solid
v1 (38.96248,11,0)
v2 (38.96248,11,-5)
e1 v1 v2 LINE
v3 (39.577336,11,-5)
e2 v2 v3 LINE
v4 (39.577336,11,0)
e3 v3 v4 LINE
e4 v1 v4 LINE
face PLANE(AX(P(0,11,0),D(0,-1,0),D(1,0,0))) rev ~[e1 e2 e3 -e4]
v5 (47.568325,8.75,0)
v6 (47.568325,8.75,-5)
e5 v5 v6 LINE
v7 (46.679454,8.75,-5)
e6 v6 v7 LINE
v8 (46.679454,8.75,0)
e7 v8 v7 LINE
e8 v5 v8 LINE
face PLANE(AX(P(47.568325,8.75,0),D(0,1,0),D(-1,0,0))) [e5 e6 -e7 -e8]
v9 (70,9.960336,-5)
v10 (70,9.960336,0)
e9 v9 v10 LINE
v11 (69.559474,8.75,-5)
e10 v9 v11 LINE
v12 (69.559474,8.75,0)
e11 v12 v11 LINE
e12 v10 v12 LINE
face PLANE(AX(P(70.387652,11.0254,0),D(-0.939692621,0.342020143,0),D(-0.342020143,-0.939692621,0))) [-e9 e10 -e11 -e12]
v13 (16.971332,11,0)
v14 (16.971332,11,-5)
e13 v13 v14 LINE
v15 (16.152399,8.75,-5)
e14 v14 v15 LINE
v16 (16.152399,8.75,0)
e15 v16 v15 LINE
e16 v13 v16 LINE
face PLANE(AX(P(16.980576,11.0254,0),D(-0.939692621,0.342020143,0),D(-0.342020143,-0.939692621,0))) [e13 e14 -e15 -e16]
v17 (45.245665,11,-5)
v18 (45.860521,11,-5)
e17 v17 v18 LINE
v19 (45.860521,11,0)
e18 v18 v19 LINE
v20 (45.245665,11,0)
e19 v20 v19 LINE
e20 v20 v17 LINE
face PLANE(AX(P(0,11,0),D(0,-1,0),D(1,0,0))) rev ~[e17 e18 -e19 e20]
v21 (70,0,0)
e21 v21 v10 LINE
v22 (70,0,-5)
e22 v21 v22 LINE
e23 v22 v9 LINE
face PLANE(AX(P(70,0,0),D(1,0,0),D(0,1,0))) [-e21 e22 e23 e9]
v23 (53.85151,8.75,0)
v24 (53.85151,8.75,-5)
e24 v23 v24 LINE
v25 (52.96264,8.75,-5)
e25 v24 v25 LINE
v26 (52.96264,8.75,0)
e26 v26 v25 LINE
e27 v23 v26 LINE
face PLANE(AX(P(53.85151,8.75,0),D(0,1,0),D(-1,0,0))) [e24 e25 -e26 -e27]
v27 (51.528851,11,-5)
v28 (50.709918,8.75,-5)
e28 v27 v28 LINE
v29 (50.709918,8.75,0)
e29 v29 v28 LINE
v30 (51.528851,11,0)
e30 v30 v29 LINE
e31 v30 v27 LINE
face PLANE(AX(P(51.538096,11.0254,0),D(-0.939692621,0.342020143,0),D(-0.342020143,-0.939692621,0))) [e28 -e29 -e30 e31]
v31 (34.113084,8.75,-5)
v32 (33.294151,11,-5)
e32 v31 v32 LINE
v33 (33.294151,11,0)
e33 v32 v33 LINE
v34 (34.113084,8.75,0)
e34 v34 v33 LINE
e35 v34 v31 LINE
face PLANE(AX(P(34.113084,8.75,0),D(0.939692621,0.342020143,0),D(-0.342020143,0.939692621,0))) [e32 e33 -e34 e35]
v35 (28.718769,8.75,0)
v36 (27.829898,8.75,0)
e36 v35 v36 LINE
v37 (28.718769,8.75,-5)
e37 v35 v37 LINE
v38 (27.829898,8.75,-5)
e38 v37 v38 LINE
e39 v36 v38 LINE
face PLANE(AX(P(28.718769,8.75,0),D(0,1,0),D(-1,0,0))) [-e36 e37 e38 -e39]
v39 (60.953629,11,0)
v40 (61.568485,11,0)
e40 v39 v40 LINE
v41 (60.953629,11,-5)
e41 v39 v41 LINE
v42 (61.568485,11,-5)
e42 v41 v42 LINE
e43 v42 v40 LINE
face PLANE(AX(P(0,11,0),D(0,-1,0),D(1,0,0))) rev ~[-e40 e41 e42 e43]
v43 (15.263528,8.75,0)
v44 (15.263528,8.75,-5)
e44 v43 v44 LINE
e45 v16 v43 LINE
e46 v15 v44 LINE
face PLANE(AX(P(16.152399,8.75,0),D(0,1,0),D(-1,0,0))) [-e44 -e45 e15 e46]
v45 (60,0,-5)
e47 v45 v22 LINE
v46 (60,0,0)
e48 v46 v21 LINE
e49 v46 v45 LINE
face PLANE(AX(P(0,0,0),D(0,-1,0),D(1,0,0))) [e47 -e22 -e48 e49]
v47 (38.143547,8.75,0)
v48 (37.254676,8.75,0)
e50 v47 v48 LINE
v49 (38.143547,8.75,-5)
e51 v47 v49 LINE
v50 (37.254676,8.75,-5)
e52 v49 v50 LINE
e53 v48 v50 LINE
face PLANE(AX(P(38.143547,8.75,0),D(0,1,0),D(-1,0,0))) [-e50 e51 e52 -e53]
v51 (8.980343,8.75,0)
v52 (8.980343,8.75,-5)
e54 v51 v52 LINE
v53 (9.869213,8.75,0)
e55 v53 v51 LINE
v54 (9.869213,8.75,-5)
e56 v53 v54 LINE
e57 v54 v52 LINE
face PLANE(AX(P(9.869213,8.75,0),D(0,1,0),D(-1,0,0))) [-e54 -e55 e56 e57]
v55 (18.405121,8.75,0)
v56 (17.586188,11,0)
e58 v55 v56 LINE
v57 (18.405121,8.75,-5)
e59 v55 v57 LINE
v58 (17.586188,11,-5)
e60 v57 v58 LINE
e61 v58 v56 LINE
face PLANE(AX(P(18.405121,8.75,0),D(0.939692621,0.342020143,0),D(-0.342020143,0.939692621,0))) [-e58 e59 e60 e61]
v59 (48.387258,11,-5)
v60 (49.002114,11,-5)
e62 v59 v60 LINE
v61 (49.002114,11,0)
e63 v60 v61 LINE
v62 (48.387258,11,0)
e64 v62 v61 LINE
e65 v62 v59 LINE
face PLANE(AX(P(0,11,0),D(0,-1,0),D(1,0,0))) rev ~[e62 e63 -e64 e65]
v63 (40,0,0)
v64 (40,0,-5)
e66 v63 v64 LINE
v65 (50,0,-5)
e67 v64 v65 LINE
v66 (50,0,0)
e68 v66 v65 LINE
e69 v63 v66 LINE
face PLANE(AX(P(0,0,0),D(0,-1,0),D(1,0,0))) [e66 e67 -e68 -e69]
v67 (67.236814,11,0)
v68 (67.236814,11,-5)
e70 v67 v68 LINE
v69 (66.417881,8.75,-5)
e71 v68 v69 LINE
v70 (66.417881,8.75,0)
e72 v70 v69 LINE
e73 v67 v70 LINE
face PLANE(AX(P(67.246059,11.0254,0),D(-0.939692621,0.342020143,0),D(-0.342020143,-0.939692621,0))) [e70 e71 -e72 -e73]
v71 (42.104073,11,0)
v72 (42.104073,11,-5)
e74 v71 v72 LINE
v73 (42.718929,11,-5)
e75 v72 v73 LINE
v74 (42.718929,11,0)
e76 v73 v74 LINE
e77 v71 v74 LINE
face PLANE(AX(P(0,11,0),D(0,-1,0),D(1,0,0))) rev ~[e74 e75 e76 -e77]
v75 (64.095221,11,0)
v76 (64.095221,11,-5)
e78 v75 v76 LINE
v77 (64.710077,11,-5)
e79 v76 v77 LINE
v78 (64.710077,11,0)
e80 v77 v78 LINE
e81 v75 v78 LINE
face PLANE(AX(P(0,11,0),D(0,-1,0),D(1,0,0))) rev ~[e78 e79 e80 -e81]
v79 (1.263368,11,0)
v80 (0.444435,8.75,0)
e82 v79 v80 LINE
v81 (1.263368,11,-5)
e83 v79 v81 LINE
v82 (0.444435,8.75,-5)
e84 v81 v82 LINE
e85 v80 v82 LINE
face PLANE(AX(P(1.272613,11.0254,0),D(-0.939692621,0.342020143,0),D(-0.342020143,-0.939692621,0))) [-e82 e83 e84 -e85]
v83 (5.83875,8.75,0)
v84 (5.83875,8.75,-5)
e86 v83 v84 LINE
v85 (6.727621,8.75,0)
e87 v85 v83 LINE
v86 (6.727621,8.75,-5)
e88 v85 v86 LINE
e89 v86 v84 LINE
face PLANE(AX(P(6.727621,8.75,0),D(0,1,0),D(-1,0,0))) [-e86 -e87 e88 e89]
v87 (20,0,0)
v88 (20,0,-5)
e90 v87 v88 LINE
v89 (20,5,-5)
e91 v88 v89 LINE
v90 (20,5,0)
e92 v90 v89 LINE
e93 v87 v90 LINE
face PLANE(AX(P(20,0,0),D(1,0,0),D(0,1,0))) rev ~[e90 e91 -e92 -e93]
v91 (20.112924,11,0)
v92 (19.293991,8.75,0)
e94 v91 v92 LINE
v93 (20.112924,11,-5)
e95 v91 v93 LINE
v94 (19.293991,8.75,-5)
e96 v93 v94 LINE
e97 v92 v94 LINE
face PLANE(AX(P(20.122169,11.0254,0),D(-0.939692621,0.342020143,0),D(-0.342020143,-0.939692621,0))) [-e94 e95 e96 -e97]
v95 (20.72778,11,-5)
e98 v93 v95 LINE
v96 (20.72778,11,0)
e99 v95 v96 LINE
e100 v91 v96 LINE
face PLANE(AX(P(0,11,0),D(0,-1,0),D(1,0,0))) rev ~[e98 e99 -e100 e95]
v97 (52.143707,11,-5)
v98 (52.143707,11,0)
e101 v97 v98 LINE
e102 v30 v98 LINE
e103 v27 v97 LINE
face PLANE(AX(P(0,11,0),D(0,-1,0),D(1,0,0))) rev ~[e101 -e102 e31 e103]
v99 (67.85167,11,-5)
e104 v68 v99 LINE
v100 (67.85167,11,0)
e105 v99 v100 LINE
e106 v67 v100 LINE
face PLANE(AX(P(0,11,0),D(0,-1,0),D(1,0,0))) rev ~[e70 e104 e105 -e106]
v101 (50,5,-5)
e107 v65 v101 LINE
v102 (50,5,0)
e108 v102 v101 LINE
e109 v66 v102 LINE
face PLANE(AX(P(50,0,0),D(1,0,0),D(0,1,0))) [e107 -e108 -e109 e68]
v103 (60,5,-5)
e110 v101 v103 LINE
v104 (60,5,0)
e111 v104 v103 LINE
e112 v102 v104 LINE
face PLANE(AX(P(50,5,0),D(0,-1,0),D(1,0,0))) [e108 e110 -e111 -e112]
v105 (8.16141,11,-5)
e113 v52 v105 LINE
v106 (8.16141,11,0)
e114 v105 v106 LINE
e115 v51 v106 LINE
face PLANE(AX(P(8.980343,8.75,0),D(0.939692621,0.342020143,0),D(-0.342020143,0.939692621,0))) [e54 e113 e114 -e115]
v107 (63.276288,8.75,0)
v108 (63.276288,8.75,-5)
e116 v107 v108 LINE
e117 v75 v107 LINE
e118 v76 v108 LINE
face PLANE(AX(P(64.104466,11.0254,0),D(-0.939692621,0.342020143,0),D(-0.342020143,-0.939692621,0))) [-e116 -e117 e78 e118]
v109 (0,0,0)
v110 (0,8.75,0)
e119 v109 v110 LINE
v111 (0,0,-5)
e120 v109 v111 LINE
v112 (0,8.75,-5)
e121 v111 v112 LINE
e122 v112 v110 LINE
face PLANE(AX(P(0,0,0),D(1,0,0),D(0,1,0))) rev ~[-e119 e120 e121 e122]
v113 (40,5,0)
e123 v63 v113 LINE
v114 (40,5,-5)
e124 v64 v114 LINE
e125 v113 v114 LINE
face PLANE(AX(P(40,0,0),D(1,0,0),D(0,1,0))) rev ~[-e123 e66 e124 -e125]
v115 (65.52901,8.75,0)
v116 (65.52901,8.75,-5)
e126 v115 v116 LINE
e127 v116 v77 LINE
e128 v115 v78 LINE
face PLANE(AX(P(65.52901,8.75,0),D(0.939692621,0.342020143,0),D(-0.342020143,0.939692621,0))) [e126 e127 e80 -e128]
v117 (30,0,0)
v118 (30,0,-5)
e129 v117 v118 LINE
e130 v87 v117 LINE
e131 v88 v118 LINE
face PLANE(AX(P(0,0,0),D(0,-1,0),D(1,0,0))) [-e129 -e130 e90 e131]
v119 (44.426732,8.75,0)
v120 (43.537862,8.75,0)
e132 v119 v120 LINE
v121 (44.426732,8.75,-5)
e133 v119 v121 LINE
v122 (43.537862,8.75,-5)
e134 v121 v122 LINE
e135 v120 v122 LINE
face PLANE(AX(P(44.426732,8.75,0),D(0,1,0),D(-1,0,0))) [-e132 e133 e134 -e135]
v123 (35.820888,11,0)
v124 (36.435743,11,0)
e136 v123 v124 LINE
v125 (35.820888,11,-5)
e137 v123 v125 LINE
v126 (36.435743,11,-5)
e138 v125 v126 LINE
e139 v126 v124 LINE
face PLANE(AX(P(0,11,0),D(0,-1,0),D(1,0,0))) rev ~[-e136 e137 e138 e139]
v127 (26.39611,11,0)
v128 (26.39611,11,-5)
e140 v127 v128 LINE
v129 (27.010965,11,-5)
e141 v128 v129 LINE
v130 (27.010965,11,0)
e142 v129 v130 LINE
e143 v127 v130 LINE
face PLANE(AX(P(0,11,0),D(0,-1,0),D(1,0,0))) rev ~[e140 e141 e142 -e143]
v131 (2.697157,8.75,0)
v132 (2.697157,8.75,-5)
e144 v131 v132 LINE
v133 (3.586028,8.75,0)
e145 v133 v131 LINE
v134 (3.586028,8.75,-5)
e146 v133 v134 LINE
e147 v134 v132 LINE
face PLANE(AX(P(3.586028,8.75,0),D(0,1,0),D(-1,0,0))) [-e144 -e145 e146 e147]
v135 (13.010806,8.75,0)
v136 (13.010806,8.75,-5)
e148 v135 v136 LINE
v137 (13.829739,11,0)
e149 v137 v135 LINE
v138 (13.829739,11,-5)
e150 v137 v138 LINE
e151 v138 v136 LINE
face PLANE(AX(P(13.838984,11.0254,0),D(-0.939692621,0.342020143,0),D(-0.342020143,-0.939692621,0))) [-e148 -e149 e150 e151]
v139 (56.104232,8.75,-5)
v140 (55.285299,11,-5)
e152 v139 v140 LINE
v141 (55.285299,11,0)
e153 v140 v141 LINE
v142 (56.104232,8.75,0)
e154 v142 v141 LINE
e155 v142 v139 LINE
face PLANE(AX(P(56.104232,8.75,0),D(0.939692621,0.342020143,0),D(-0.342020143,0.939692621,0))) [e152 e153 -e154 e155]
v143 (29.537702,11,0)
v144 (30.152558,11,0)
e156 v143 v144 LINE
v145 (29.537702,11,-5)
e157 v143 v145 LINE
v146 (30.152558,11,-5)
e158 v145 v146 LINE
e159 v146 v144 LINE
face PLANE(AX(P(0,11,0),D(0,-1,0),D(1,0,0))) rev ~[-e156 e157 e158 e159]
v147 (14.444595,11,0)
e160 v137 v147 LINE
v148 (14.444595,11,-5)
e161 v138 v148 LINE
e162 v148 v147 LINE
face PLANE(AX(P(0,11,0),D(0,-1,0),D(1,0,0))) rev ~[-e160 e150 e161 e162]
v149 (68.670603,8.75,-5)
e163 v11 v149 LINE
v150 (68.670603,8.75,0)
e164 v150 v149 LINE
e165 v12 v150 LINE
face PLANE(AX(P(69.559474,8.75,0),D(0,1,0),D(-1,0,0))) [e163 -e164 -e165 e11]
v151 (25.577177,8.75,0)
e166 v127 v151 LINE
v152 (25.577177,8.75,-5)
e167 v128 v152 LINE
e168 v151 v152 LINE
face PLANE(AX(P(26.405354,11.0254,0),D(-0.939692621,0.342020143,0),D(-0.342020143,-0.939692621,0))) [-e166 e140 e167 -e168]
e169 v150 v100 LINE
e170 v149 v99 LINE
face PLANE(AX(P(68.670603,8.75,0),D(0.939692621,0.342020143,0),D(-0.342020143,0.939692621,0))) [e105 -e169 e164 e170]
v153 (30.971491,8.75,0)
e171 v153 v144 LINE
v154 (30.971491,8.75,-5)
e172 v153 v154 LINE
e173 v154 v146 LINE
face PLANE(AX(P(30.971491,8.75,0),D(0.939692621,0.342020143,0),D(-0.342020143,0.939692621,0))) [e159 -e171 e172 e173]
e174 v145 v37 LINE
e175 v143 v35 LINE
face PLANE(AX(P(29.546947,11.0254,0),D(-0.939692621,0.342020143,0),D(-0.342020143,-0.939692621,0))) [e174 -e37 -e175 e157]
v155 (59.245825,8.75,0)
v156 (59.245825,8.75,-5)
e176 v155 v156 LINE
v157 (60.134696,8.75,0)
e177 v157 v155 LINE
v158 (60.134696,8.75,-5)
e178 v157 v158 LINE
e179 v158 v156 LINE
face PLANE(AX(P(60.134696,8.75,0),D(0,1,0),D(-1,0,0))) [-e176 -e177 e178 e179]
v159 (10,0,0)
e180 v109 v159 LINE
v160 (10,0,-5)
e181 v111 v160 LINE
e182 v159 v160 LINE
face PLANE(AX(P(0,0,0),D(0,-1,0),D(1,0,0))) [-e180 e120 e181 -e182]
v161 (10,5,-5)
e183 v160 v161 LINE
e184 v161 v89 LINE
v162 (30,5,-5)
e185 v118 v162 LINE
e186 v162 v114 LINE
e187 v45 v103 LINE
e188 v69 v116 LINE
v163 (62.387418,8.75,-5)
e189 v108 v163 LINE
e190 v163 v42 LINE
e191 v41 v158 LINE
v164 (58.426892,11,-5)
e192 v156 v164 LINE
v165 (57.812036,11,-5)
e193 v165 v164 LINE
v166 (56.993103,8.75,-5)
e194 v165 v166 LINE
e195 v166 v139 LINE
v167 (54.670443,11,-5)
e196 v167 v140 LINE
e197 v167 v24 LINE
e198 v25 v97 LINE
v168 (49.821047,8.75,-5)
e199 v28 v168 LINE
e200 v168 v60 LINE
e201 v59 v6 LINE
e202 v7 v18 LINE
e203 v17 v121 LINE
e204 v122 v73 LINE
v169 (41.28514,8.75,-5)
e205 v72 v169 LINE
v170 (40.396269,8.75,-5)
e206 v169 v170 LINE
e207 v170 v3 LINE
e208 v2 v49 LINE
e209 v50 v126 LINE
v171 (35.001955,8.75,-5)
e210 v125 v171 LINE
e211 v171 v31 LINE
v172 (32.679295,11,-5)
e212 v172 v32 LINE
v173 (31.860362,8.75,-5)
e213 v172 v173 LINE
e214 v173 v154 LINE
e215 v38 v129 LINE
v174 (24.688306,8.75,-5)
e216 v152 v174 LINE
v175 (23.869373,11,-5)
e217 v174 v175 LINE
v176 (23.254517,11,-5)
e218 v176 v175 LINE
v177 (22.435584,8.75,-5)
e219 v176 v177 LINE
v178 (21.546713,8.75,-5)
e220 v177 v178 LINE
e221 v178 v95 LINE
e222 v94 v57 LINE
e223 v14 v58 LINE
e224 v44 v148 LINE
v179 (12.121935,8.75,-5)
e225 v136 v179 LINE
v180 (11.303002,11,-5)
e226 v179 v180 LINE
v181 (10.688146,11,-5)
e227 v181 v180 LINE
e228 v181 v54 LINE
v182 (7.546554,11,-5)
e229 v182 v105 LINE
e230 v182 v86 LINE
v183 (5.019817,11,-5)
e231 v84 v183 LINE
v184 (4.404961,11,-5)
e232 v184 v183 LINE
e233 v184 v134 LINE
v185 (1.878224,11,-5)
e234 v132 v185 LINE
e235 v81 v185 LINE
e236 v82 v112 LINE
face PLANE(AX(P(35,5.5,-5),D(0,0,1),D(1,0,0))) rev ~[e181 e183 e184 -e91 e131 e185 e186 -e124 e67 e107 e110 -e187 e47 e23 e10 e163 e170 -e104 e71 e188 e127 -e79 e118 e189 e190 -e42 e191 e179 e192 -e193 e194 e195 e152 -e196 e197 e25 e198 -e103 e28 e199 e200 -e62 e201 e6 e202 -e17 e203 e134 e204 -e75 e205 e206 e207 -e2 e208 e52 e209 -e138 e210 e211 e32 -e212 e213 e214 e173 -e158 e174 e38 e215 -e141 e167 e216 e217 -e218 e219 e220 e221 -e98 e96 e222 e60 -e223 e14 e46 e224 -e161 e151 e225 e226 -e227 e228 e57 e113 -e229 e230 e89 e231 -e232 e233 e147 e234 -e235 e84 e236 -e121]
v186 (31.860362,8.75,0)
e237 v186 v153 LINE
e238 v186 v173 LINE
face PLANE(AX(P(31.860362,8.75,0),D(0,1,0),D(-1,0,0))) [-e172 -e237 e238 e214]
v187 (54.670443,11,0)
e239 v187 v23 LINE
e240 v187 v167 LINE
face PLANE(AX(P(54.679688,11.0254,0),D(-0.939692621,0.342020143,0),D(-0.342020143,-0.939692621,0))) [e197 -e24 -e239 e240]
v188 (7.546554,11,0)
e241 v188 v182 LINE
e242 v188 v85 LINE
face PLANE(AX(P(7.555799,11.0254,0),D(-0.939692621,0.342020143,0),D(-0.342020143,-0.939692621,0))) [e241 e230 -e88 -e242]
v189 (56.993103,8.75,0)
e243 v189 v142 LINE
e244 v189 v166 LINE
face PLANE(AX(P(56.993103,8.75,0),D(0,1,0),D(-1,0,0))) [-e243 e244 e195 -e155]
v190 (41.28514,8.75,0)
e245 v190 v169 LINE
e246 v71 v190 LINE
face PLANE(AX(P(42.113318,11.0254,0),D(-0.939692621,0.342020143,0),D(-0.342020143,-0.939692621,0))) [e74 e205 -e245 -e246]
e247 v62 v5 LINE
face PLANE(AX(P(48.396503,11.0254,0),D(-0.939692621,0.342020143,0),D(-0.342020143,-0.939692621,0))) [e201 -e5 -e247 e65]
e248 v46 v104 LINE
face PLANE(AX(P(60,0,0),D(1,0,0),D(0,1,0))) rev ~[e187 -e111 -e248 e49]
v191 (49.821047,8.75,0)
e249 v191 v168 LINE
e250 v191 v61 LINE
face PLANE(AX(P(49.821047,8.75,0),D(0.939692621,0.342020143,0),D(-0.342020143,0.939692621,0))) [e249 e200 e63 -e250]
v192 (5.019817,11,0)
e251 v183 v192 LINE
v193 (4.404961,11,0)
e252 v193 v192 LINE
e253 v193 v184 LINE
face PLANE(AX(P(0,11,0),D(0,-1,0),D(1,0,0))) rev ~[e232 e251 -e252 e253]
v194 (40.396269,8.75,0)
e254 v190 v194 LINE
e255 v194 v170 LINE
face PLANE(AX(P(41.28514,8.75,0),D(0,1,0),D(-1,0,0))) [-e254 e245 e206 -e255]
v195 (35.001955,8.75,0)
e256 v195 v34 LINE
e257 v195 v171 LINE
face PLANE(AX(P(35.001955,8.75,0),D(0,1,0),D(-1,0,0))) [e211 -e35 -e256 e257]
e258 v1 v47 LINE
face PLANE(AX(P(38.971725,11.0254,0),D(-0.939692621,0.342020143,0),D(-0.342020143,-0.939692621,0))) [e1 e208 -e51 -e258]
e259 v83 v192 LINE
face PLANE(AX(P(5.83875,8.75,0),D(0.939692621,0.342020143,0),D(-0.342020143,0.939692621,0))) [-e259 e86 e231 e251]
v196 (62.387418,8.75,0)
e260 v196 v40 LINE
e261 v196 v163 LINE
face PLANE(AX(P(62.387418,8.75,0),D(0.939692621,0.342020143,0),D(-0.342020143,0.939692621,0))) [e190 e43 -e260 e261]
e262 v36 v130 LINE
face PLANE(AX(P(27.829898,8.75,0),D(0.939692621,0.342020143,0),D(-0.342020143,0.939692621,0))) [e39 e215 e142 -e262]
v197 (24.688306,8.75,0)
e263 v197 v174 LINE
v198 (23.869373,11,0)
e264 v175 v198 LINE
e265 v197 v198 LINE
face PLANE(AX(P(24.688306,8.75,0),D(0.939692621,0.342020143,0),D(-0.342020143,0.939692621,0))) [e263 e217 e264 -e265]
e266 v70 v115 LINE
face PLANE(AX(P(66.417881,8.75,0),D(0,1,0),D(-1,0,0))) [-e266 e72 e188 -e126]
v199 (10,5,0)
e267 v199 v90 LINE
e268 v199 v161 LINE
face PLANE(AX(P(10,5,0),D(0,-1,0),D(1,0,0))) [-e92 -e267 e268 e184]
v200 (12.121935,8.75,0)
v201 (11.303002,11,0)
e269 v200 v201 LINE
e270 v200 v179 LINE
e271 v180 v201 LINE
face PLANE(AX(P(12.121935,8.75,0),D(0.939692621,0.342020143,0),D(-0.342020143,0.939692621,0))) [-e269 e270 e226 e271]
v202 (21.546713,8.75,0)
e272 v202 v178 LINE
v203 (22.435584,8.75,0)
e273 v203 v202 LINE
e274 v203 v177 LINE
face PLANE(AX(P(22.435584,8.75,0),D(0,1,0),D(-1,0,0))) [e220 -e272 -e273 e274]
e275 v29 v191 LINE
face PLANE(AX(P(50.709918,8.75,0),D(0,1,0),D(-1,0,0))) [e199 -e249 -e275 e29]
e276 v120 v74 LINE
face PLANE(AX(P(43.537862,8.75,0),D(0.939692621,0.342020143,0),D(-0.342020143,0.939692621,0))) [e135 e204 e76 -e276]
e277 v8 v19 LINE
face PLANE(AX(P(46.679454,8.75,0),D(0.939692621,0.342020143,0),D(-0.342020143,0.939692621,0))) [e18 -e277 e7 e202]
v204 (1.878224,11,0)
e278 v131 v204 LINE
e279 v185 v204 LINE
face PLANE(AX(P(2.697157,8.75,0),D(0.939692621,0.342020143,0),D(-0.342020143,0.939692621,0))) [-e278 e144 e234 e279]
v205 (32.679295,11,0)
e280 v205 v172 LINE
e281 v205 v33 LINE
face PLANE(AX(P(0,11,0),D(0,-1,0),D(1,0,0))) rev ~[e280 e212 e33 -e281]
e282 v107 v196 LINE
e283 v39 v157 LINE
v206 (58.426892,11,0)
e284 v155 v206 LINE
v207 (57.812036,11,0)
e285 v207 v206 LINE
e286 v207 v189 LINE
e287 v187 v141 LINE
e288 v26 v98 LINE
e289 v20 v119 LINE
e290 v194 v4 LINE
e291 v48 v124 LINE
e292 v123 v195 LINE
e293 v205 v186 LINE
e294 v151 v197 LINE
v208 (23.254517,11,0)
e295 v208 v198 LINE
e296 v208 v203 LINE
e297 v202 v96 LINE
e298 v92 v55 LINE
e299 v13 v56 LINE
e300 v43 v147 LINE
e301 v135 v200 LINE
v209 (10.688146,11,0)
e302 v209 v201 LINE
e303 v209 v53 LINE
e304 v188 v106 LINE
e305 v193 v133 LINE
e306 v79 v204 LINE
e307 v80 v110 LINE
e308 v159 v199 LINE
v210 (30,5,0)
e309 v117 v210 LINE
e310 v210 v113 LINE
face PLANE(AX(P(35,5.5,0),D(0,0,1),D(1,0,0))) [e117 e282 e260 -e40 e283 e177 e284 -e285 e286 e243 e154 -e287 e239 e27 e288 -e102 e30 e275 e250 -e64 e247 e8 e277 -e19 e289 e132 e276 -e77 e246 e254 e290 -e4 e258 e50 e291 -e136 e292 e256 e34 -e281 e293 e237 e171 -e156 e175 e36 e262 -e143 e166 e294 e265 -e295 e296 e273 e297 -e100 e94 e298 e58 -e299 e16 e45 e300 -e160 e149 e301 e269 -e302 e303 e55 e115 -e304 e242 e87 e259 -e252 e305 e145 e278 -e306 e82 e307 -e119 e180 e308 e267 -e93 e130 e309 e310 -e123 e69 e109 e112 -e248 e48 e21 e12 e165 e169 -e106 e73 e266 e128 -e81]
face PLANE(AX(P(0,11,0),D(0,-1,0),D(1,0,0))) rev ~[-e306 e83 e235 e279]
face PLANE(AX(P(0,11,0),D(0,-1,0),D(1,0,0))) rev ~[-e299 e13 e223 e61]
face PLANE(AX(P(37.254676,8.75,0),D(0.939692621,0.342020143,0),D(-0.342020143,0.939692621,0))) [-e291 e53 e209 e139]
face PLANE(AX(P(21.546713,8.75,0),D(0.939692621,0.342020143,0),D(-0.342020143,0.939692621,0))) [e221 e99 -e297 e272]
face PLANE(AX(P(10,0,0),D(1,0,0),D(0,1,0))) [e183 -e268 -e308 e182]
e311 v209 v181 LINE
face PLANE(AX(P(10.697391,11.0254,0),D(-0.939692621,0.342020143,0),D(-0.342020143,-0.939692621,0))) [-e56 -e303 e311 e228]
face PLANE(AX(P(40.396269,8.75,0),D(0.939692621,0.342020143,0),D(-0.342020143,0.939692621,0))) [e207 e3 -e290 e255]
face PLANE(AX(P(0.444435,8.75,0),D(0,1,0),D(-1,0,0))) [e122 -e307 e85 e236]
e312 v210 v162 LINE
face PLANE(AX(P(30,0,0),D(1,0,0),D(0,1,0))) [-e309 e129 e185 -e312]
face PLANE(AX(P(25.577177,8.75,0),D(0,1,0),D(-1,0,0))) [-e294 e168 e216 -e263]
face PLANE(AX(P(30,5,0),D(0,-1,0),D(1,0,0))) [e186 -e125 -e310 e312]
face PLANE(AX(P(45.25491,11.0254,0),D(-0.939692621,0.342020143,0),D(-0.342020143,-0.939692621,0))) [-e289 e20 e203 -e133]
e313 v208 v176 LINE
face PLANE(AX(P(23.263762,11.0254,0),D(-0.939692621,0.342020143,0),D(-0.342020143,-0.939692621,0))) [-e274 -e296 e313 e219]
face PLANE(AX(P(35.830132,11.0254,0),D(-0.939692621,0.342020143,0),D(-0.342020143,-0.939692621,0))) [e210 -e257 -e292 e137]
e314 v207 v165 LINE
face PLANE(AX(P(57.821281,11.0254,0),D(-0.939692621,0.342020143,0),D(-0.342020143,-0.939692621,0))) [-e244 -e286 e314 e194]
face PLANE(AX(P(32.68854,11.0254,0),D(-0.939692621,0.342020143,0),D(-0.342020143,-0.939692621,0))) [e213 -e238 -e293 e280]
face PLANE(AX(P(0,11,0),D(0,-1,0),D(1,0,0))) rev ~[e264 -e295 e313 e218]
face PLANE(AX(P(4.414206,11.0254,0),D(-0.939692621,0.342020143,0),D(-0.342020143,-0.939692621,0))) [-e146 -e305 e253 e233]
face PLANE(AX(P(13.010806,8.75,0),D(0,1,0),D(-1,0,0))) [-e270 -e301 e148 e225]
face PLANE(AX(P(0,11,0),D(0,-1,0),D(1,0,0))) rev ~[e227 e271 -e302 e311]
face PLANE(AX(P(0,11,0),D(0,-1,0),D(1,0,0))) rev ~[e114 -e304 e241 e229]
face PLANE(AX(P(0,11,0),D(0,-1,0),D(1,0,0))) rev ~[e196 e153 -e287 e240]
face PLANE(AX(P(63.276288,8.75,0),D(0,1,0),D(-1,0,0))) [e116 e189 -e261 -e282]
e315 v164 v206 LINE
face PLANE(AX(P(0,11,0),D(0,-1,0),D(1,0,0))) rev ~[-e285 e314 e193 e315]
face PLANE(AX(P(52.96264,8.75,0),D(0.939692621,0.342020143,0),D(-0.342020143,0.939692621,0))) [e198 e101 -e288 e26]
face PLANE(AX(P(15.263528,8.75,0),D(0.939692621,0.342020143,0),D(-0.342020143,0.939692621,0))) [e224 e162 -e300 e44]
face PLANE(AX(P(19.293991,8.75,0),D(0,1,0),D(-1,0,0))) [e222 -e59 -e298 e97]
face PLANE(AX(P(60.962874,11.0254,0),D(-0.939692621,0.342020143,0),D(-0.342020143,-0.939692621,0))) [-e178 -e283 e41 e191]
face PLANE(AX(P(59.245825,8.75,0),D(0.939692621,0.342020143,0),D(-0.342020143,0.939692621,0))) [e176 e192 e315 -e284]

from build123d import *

# Parameters (mm, degrees)
BLANKSKE_W          = 70
BLANKSKE_H          = 11
BLANK_DEPTH         = 5
TOOTHCUTSIM_DEPTH   = 72.035202541
TEETHCUTS_COUNT     = 23
TEETHCUTS_PITCH     = 3.14159265
SKETCH_1_W          = 10
SKETCH_1_H          = 5
CUT_EXTRUDE_1_DEPTH = 72.035202541


with BuildPart() as part:
    # BlankSke → Blank (new body)
    with BuildSketch(Plane.XY):
        with Locations((35, 5.5)):
            Rectangle(BLANKSKE_W, BLANKSKE_H)
    extrude(amount=-BLANK_DEPTH)

    # TooCutSkeSim → ToothCutSim (cut, through all)
    with BuildSketch(Plane.XY):
        Polygon((0.44443537, 8.75), (-0.44443537, 8.75), (-1.272613241, 11.0254), (1.272613241, 11.0254), align=None)
    toothcutsim = extrude(amount=-TOOTHCUTSIM_DEPTH, mode=Mode.SUBTRACT)

    # TeethCuts: ToothCutSim ×23
    with Locations(*[(i * TEETHCUTS_PITCH, 0, 0) for i in range(1, TEETHCUTS_COUNT)]):
        add(toothcutsim, mode=Mode.SUBTRACT)

    # ｽｹｯﾁ1 → ｶｯﾄ - 押し出し1 (cut, through all)
    with BuildSketch(Plane.XY):
        with Locations((15, 2.5)):
            Rectangle(SKETCH_1_W, SKETCH_1_H)
        with Locations((35, 2.5)):
            Rectangle(SKETCH_1_W, SKETCH_1_H)
        with Locations((55, 2.5)):
            Rectangle(SKETCH_1_W, SKETCH_1_H)
    extrude(amount=-CUT_EXTRUDE_1_DEPTH, mode=Mode.SUBTRACT)


solid = part.part
